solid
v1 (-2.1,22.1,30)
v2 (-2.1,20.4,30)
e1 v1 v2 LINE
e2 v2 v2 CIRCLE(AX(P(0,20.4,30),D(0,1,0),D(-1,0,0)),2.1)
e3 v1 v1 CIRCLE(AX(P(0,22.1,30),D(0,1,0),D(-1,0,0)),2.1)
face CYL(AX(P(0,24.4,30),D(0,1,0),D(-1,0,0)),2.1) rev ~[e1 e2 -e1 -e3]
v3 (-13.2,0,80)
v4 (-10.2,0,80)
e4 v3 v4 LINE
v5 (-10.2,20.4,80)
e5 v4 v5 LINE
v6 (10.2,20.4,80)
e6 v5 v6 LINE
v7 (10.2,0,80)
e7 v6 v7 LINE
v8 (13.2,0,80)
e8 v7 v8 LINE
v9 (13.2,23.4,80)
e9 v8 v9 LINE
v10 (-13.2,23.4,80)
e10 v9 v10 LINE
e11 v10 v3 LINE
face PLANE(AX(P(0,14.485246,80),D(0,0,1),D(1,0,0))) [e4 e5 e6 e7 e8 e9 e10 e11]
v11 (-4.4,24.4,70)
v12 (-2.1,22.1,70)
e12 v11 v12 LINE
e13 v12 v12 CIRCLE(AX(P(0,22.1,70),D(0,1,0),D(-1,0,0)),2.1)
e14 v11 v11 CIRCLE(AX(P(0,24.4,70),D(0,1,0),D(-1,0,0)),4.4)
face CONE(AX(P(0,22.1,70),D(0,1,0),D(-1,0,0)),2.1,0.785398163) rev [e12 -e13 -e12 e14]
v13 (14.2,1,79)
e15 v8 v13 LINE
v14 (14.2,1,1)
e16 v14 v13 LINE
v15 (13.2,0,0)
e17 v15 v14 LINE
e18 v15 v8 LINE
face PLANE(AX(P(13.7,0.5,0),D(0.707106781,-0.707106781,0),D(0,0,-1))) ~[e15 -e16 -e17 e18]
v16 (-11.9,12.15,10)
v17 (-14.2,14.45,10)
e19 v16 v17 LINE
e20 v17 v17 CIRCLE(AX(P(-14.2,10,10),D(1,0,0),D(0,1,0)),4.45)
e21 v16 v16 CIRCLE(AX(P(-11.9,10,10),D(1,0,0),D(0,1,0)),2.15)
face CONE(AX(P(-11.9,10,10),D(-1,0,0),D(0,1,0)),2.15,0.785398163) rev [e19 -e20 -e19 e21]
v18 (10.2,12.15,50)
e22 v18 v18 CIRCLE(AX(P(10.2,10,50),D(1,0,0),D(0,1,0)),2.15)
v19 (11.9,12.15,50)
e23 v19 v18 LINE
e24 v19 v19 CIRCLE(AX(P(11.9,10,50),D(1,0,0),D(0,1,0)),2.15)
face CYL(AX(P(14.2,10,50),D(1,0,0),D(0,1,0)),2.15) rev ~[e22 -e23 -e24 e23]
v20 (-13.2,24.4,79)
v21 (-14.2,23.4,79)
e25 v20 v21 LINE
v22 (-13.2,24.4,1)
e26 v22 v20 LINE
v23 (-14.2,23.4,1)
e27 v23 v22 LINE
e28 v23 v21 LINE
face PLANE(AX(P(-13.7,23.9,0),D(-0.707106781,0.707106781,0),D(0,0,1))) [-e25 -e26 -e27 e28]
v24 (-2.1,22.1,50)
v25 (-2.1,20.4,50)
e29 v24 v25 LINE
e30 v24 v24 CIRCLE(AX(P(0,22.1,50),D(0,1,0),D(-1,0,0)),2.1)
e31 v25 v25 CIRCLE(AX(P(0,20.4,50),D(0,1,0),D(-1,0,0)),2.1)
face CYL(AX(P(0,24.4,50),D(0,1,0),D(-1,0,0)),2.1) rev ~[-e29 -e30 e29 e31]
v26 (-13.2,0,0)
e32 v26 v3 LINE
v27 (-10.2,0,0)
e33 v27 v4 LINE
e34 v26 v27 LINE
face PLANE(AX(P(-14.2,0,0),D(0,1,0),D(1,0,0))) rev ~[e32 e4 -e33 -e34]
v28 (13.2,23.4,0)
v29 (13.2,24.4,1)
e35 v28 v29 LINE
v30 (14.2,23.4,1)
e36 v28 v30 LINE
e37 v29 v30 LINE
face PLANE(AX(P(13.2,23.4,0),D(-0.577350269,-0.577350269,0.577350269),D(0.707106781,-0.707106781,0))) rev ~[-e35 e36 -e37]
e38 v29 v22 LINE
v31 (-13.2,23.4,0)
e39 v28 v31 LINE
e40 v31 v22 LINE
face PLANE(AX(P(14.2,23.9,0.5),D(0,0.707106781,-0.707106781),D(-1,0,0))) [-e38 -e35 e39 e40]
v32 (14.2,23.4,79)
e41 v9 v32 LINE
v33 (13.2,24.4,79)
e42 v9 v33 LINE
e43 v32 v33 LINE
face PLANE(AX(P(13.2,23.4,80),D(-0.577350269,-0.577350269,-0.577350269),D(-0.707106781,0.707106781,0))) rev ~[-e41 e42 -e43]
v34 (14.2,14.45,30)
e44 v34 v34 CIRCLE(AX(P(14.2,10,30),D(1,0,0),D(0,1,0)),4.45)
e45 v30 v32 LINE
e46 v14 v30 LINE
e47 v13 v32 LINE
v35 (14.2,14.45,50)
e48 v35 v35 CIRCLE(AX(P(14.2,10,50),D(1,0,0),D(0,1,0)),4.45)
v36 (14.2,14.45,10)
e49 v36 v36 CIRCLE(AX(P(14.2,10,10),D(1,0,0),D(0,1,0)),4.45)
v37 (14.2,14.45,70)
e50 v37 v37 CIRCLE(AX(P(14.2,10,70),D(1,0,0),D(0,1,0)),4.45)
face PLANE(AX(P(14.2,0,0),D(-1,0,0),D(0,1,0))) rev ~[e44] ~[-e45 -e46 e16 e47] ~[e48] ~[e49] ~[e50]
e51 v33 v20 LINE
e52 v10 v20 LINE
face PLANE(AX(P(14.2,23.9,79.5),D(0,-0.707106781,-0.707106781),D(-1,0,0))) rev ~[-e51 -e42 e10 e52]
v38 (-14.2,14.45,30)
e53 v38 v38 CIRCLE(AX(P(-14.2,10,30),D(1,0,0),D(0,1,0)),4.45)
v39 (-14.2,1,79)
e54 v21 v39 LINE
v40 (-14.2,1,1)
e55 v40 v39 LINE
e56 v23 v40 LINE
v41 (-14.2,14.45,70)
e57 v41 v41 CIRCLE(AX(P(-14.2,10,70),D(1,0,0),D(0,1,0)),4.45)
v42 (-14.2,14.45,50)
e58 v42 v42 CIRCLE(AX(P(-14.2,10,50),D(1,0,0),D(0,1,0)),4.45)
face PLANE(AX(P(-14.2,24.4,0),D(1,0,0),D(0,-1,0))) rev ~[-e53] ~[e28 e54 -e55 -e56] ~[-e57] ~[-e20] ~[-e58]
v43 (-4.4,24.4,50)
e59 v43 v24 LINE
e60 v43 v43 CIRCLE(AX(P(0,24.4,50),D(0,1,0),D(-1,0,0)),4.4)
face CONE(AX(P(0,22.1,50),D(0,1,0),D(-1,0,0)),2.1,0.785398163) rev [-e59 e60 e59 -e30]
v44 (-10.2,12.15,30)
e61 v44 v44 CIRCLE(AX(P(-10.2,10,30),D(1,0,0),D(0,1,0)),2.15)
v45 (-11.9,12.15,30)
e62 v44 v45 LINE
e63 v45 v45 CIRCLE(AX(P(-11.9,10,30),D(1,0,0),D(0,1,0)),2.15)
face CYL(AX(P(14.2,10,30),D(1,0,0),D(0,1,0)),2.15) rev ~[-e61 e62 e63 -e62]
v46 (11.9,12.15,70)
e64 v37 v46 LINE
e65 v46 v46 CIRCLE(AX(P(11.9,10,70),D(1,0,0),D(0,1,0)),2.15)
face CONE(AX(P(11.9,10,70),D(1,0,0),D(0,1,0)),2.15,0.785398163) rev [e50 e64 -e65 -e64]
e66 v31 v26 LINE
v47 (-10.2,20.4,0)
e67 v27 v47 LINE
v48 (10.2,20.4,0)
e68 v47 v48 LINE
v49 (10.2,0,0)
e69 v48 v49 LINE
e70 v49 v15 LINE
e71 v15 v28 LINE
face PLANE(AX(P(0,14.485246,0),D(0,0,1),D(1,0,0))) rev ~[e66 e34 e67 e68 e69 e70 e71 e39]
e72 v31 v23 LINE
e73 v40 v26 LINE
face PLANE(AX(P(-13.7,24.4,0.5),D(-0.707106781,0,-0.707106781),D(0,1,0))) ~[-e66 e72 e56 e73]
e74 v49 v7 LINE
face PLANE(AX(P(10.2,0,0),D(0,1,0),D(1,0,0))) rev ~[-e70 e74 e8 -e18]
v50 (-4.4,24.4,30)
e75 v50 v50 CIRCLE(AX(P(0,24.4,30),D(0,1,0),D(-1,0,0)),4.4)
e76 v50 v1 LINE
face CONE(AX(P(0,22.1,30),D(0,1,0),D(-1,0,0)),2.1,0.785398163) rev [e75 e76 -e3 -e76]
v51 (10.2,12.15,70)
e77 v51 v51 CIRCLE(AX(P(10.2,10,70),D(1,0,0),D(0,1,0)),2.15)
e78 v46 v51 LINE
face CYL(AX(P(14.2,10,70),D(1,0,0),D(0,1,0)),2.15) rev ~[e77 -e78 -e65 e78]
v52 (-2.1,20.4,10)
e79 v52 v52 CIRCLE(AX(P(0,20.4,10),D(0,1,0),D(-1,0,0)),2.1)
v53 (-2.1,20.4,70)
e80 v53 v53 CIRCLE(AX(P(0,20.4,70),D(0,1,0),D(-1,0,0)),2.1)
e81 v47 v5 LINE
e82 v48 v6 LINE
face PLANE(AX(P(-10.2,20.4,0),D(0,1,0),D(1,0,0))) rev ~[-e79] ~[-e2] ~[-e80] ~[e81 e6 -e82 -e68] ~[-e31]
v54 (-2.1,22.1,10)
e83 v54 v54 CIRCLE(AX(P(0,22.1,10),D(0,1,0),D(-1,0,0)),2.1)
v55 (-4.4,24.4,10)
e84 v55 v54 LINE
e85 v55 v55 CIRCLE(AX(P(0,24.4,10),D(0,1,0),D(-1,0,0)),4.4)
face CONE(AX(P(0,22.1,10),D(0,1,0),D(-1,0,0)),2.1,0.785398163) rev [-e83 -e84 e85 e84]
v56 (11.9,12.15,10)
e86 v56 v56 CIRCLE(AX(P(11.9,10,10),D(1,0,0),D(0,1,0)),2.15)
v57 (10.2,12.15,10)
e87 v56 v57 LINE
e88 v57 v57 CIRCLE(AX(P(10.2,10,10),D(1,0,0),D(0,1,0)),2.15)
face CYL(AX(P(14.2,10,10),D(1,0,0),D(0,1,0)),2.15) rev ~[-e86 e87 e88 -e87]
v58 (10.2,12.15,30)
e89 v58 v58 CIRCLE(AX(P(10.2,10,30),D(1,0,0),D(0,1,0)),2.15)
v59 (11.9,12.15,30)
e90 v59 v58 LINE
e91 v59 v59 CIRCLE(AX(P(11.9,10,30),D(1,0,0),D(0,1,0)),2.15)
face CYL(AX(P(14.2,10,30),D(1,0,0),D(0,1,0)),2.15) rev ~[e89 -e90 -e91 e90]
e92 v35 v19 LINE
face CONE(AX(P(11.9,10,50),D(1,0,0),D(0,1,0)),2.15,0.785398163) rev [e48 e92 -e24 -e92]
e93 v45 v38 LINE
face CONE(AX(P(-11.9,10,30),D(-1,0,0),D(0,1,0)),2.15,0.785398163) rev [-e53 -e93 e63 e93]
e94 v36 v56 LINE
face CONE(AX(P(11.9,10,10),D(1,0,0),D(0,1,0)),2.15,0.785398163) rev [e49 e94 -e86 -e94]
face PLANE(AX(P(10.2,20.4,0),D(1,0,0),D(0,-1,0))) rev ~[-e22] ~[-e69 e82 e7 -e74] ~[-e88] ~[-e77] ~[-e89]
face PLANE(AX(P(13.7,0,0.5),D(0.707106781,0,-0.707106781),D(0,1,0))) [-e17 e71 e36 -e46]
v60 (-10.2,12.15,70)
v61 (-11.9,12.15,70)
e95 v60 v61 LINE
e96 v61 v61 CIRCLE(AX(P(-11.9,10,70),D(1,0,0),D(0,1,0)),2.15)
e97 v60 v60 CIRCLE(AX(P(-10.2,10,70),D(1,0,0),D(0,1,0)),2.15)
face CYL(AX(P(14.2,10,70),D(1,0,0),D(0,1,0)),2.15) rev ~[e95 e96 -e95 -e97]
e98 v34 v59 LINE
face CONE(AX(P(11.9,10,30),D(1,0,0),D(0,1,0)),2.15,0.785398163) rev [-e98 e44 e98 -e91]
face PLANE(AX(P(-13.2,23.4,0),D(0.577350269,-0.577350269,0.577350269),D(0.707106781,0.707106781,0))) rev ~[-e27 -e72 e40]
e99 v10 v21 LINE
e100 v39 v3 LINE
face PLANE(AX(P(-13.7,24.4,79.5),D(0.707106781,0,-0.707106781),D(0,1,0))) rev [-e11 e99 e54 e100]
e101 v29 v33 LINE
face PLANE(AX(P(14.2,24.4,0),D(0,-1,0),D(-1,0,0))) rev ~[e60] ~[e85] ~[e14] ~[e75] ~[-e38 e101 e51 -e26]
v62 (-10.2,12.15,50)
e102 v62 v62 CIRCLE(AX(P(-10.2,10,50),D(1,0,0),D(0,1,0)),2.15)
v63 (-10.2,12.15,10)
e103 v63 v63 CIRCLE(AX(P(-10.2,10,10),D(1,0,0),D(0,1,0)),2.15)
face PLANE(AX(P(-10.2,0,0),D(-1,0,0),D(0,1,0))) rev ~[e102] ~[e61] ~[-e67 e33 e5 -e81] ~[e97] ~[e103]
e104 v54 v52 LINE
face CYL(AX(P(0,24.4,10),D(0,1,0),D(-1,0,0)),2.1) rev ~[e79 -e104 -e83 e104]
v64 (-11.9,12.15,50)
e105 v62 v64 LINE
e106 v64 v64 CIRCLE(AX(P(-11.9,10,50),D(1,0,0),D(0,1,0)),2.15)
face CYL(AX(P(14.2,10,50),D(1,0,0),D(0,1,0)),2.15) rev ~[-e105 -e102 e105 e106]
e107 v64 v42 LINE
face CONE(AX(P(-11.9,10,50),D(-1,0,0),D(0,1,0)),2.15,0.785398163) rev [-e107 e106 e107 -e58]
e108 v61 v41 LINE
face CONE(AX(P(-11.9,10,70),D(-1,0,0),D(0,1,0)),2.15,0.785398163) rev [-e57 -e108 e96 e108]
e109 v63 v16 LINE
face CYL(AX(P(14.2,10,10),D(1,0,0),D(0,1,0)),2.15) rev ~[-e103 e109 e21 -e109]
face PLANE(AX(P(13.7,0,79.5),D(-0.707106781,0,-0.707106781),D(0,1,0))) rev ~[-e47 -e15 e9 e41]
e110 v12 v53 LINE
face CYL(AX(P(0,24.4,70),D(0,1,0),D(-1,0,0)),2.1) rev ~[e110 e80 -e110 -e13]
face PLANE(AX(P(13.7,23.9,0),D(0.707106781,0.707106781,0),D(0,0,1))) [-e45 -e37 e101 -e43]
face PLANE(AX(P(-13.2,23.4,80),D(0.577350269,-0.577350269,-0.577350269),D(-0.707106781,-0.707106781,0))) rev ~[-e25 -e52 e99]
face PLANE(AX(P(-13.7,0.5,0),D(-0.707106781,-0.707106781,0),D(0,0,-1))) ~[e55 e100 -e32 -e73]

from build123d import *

# Parameters (mm, degrees)
BOSS_EXTRUDE1_DEPTH = 80
SKETCH2_R           = 2.15
CUT_EXTRUDE1_DEPTH  = 89.328477854
SKETCH3_R           = 2.1
CUT_EXTRUDE2_DEPTH  = 85.835134231
CHAMFER1_SIZE       = 2.3
CHAMFER2_SIZE       = 1


with BuildPart() as part:
    # Sketch1 → Boss-Extrude1 (new body)
    with BuildSketch(Plane.XY):
        Polygon((-10.2, 0), (-10.2, 20.4), (10.2, 20.4), (10.2, 0), (14.2, 0), (14.2, 24.4), (-14.2, 24.4), (-14.2, 0), align=None)
    extrude(amount=BOSS_EXTRUDE1_DEPTH)

    # Sketch2 → Cut-Extrude1 (cut, through all)
    with BuildSketch(Plane(origin=(14.2, 0, 0), x_dir=(0, 0, -1), z_dir=(1, 0, 0))):
        with Locations(Location((-50, 10, 0), (0, 0, 90))):
            Circle(SKETCH2_R)
        with Locations(Location((-70, 10, 0), (0, 0, 90))):
            Circle(SKETCH2_R)
        with Locations(Location((-30, 10, 0), (0, 0, 90))):
            Circle(SKETCH2_R)
        with Locations(Location((-10, 10, 0), (0, 0, 90))):
            Circle(SKETCH2_R)
    extrude(amount=-CUT_EXTRUDE1_DEPTH, mode=Mode.SUBTRACT)

    # Sketch3 → Cut-Extrude2 (cut, through all)
    with BuildSketch(Plane(origin=(0, 24.4, 0), x_dir=(1, 0, 0), z_dir=(0, 1, 0))):
        with Locations(Location((0, -10, 0), (0, 0, 180))):
            Circle(SKETCH3_R)
        with Locations(Location((0, -30, 0), (0, 0, 180))):
            Circle(SKETCH3_R)
        with Locations(Location((0, -50, 0), (0, 0, 180))):
            Circle(SKETCH3_R)
        with Locations(Location((0, -70, 0), (0, 0, 180))):
            Circle(SKETCH3_R)
    extrude(amount=-CUT_EXTRUDE2_DEPTH, mode=Mode.SUBTRACT)

    # Chamfer1
    chamfer1_edges = [part.edges().sort_by_distance(p)[0] for p in [
        (-14.2, 7.85, 10),
        (14.2, 7.85, 10),
        (-14.2, 7.85, 30),
        (14.2, 7.85, 30),
        (-14.2, 7.85, 70),
        (14.2, 7.85, 70),
        (-14.2, 7.85, 50),
        (14.2, 7.85, 50),
        (2.1, 24.4, 10),
        (2.1, 24.4, 30),
        (2.1, 24.4, 50),
        (2.1, 24.4, 70),
    ]]
    chamfer(chamfer1_edges, length=CHAMFER1_SIZE)

    # Chamfer2
    chamfer2_edges = [part.edges().sort_by_distance(p)[0] for p in [
        (-14.2, 0, 40),
        (-14.2, 24.4, 40),
        (14.2, 24.4, 40),
        (14.2, 0, 40),
        (14.2, 12.2, 80),
        (0, 24.4, 80),
        (-14.2, 12.2, 80),
        (-14.2, 12.2, 0),
        (0, 24.4, 0),
        (14.2, 12.2, 0),
    ]]
    chamfer(chamfer2_edges, length=CHAMFER2_SIZE)


solid = part.part
